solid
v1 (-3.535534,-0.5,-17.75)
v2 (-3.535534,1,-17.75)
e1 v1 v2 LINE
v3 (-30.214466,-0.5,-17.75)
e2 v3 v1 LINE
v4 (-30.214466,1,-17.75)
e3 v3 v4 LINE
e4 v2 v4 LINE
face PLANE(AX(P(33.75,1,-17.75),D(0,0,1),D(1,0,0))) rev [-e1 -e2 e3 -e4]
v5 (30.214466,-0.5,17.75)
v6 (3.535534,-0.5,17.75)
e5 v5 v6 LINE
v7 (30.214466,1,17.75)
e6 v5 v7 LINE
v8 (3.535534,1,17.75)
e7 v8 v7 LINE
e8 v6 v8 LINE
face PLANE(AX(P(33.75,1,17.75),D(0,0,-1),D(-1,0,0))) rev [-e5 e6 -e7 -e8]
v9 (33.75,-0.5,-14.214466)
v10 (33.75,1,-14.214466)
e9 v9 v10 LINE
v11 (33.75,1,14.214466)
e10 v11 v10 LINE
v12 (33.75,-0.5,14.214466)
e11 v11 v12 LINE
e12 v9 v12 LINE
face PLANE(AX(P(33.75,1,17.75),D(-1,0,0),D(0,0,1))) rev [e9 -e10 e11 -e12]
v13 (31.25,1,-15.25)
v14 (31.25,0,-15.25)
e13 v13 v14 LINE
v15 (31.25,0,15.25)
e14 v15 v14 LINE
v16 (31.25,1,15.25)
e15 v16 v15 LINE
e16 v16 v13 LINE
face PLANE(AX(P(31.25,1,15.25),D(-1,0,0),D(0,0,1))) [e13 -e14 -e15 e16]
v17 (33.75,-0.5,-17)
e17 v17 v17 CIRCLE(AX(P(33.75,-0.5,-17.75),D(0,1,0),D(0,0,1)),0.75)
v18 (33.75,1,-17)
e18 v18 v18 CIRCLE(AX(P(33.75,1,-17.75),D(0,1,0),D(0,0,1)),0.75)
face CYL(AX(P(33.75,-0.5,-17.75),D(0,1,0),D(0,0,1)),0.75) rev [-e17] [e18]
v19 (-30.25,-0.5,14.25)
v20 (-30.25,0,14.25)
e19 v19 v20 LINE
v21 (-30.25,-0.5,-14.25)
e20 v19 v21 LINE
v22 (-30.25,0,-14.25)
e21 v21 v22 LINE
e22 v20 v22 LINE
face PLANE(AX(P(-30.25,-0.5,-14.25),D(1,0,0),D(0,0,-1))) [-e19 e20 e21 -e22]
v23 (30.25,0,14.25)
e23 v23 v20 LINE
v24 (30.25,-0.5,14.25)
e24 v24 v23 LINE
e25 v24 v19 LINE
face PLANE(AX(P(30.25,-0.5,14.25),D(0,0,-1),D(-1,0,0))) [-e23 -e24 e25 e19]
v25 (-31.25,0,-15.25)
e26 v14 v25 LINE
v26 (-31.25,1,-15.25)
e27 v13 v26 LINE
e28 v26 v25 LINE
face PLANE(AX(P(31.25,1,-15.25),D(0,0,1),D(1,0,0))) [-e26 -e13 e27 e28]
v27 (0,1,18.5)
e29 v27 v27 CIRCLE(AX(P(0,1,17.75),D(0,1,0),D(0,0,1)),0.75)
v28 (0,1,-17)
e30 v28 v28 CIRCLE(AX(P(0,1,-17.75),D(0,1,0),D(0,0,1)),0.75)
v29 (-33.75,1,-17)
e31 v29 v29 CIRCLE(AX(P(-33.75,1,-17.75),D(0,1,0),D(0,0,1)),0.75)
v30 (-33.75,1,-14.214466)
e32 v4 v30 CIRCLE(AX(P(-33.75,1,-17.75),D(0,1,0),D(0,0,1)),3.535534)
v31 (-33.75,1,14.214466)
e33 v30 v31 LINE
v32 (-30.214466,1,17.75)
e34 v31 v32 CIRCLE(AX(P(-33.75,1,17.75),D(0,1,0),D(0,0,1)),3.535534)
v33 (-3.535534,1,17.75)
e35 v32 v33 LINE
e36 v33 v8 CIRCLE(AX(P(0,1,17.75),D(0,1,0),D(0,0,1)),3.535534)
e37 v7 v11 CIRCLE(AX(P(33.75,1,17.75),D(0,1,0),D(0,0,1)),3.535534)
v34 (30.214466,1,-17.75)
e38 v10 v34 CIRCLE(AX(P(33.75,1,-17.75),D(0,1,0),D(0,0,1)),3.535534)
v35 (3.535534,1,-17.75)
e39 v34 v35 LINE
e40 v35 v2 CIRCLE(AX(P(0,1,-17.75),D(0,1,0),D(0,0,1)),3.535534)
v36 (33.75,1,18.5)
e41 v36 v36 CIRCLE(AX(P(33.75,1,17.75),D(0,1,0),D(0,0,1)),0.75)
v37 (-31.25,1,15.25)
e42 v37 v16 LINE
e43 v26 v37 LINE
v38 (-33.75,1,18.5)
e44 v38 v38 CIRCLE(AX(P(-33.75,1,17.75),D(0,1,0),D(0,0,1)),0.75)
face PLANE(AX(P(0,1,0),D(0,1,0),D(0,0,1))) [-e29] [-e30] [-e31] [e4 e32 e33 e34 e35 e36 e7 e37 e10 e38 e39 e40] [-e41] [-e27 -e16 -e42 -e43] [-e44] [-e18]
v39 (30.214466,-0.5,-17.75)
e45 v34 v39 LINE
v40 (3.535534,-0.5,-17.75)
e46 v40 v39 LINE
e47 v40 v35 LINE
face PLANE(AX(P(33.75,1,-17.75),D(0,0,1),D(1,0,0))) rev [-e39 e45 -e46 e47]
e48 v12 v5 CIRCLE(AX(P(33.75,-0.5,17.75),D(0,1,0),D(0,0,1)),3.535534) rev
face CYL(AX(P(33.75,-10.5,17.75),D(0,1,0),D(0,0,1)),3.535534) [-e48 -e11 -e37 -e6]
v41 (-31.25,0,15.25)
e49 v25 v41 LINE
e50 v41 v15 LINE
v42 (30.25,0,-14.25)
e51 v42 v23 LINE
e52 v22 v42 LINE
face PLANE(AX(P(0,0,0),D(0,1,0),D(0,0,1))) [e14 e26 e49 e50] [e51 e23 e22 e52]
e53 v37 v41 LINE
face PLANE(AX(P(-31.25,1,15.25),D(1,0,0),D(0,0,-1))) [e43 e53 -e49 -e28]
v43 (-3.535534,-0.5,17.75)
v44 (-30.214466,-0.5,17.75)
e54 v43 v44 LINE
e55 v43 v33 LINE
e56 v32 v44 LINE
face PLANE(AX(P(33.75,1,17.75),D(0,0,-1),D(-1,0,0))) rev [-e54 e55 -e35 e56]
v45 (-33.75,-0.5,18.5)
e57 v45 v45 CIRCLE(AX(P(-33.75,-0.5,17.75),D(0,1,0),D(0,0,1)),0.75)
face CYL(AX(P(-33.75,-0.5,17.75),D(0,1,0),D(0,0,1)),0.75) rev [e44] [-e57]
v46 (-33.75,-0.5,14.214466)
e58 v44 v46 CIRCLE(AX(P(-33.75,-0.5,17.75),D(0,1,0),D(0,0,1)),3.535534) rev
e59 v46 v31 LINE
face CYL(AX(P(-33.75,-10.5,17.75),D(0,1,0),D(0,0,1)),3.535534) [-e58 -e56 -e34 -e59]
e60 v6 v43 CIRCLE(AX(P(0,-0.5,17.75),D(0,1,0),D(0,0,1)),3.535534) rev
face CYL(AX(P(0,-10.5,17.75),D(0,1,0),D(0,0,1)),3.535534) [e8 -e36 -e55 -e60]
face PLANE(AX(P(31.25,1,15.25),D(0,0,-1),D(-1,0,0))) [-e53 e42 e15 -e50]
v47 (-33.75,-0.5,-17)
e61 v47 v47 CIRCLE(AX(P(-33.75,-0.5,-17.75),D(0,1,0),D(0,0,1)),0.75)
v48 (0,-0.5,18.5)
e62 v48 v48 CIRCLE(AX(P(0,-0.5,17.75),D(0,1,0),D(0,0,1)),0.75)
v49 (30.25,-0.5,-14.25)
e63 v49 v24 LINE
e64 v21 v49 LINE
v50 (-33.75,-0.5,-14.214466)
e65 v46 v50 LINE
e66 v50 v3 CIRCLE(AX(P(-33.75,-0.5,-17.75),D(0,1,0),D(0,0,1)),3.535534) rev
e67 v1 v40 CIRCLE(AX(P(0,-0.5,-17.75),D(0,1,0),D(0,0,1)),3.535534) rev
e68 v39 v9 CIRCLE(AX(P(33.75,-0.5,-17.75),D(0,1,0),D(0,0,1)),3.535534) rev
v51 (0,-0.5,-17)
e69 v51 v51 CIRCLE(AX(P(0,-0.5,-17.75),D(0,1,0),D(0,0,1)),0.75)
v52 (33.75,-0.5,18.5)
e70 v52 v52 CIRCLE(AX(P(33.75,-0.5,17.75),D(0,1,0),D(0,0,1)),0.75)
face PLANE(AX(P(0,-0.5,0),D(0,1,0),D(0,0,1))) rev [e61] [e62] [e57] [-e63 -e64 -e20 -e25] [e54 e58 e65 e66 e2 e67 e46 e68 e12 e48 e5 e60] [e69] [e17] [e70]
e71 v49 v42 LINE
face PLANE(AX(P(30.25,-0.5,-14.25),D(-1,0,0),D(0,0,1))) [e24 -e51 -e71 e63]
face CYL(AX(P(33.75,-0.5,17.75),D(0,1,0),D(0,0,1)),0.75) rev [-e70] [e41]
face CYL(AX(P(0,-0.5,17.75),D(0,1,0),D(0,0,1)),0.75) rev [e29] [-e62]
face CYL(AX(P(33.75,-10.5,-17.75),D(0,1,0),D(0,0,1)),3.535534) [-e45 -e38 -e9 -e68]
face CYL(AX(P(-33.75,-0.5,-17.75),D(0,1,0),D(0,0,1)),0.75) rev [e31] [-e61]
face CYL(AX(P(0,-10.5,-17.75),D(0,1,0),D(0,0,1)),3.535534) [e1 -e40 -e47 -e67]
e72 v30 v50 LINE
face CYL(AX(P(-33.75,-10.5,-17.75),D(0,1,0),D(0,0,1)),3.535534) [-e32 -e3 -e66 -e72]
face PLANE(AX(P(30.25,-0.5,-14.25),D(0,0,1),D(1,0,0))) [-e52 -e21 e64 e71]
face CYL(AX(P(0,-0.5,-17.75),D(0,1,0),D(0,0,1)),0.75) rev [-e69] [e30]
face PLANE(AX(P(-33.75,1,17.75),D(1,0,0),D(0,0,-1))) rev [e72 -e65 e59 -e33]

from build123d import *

# Parameters (mm, degrees)
SKETCH1_W               = 67.5
SKETCH1_H               = 35.5
SKETCH1_W_2             = 62.5
SKETCH1_H_2             = 30.5
BOSS_EXTRUDE1_DEPTH     = 1
SKETCH2_W               = 67.5
SKETCH2_H               = 35.5
SKETCH2_W_2             = 60.5
SKETCH2_H_2             = 28.5
BOSS_EXTRUDE2_DEPTH     = 0.5
SKETCH3_R               = 3.535533906
BOSS_EXTRUDE3_DEPTH     = 1.5
SKETCH4_R               = 0.75
CUT_EXTRUDE1_DEPTH      = 1
CUT_EXTRUDE1_DEPTH_BACK = 2.5


with BuildPart() as part:
    # Sketch1 → Boss-Extrude1 (new body)
    with BuildSketch(Plane(origin=(0, 0, 0), x_dir=(1, 0, 0), z_dir=(0, 1, 0))):
        Rectangle(SKETCH1_W, SKETCH1_H)
        Rectangle(SKETCH1_W_2, SKETCH1_H_2, mode=Mode.SUBTRACT)
    extrude(amount=BOSS_EXTRUDE1_DEPTH)

    # Sketch2 → Boss-Extrude2 (add)
    with BuildSketch(Plane.XZ):
        Rectangle(SKETCH2_W, SKETCH2_H)
        Rectangle(SKETCH2_W_2, SKETCH2_H_2, mode=Mode.SUBTRACT)
    extrude(amount=BOSS_EXTRUDE2_DEPTH)

    # Sketch3 → Boss-Extrude3 (add)
    with BuildSketch(Plane(origin=(0, 1, 0), x_dir=(1, 0, 0), z_dir=(0, 1, 0))):
        with Locations((-33.75, 17.75)):
            Circle(SKETCH3_R)
        with Locations((33.75, 17.75)):
            Circle(SKETCH3_R)
        with Locations((33.75, -17.75)):
            Circle(SKETCH3_R)
        with Locations((-33.75, -17.75)):
            Circle(SKETCH3_R)
        with BuildLine():
            Line((-3.535533906, 17.75), (3.535533906, 17.75))
            ThreePointArc((3.535533906, 17.75), (0, 21.285533906), (-3.535533906, 17.75))
        make_face()
        with BuildLine():
            Line((-3.535533906, -17.75), (3.535533906, -17.75))
            ThreePointArc((3.535533906, -17.75), (0, -21.285533906), (-3.535533906, -17.75))
        make_face()
    extrude(amount=-BOSS_EXTRUDE3_DEPTH)

    # Sketch4 → Cut-Extrude1 (cut, two sides)
    with BuildSketch(Plane(origin=(0, 1, 0), x_dir=(1, 0, 0), z_dir=(0, 1, 0))) as cut_extrude1_sk:
        with Locations((-33.75, 17.75)):
            Circle(SKETCH4_R)
        with Locations((33.75, 17.75)):
            Circle(SKETCH4_R)
        with Locations((33.75, -17.75)):
            Circle(SKETCH4_R)
        with Locations((-33.75, -17.75)):
            Circle(SKETCH4_R)
        with Locations((0, 17.75)):
            Circle(SKETCH4_R)
        with Locations((0, -17.75)):
            Circle(SKETCH4_R)
    extrude(amount=CUT_EXTRUDE1_DEPTH, mode=Mode.SUBTRACT)
    extrude(cut_extrude1_sk.sketch, amount=-CUT_EXTRUDE1_DEPTH_BACK, mode=Mode.SUBTRACT)


solid = part.part
